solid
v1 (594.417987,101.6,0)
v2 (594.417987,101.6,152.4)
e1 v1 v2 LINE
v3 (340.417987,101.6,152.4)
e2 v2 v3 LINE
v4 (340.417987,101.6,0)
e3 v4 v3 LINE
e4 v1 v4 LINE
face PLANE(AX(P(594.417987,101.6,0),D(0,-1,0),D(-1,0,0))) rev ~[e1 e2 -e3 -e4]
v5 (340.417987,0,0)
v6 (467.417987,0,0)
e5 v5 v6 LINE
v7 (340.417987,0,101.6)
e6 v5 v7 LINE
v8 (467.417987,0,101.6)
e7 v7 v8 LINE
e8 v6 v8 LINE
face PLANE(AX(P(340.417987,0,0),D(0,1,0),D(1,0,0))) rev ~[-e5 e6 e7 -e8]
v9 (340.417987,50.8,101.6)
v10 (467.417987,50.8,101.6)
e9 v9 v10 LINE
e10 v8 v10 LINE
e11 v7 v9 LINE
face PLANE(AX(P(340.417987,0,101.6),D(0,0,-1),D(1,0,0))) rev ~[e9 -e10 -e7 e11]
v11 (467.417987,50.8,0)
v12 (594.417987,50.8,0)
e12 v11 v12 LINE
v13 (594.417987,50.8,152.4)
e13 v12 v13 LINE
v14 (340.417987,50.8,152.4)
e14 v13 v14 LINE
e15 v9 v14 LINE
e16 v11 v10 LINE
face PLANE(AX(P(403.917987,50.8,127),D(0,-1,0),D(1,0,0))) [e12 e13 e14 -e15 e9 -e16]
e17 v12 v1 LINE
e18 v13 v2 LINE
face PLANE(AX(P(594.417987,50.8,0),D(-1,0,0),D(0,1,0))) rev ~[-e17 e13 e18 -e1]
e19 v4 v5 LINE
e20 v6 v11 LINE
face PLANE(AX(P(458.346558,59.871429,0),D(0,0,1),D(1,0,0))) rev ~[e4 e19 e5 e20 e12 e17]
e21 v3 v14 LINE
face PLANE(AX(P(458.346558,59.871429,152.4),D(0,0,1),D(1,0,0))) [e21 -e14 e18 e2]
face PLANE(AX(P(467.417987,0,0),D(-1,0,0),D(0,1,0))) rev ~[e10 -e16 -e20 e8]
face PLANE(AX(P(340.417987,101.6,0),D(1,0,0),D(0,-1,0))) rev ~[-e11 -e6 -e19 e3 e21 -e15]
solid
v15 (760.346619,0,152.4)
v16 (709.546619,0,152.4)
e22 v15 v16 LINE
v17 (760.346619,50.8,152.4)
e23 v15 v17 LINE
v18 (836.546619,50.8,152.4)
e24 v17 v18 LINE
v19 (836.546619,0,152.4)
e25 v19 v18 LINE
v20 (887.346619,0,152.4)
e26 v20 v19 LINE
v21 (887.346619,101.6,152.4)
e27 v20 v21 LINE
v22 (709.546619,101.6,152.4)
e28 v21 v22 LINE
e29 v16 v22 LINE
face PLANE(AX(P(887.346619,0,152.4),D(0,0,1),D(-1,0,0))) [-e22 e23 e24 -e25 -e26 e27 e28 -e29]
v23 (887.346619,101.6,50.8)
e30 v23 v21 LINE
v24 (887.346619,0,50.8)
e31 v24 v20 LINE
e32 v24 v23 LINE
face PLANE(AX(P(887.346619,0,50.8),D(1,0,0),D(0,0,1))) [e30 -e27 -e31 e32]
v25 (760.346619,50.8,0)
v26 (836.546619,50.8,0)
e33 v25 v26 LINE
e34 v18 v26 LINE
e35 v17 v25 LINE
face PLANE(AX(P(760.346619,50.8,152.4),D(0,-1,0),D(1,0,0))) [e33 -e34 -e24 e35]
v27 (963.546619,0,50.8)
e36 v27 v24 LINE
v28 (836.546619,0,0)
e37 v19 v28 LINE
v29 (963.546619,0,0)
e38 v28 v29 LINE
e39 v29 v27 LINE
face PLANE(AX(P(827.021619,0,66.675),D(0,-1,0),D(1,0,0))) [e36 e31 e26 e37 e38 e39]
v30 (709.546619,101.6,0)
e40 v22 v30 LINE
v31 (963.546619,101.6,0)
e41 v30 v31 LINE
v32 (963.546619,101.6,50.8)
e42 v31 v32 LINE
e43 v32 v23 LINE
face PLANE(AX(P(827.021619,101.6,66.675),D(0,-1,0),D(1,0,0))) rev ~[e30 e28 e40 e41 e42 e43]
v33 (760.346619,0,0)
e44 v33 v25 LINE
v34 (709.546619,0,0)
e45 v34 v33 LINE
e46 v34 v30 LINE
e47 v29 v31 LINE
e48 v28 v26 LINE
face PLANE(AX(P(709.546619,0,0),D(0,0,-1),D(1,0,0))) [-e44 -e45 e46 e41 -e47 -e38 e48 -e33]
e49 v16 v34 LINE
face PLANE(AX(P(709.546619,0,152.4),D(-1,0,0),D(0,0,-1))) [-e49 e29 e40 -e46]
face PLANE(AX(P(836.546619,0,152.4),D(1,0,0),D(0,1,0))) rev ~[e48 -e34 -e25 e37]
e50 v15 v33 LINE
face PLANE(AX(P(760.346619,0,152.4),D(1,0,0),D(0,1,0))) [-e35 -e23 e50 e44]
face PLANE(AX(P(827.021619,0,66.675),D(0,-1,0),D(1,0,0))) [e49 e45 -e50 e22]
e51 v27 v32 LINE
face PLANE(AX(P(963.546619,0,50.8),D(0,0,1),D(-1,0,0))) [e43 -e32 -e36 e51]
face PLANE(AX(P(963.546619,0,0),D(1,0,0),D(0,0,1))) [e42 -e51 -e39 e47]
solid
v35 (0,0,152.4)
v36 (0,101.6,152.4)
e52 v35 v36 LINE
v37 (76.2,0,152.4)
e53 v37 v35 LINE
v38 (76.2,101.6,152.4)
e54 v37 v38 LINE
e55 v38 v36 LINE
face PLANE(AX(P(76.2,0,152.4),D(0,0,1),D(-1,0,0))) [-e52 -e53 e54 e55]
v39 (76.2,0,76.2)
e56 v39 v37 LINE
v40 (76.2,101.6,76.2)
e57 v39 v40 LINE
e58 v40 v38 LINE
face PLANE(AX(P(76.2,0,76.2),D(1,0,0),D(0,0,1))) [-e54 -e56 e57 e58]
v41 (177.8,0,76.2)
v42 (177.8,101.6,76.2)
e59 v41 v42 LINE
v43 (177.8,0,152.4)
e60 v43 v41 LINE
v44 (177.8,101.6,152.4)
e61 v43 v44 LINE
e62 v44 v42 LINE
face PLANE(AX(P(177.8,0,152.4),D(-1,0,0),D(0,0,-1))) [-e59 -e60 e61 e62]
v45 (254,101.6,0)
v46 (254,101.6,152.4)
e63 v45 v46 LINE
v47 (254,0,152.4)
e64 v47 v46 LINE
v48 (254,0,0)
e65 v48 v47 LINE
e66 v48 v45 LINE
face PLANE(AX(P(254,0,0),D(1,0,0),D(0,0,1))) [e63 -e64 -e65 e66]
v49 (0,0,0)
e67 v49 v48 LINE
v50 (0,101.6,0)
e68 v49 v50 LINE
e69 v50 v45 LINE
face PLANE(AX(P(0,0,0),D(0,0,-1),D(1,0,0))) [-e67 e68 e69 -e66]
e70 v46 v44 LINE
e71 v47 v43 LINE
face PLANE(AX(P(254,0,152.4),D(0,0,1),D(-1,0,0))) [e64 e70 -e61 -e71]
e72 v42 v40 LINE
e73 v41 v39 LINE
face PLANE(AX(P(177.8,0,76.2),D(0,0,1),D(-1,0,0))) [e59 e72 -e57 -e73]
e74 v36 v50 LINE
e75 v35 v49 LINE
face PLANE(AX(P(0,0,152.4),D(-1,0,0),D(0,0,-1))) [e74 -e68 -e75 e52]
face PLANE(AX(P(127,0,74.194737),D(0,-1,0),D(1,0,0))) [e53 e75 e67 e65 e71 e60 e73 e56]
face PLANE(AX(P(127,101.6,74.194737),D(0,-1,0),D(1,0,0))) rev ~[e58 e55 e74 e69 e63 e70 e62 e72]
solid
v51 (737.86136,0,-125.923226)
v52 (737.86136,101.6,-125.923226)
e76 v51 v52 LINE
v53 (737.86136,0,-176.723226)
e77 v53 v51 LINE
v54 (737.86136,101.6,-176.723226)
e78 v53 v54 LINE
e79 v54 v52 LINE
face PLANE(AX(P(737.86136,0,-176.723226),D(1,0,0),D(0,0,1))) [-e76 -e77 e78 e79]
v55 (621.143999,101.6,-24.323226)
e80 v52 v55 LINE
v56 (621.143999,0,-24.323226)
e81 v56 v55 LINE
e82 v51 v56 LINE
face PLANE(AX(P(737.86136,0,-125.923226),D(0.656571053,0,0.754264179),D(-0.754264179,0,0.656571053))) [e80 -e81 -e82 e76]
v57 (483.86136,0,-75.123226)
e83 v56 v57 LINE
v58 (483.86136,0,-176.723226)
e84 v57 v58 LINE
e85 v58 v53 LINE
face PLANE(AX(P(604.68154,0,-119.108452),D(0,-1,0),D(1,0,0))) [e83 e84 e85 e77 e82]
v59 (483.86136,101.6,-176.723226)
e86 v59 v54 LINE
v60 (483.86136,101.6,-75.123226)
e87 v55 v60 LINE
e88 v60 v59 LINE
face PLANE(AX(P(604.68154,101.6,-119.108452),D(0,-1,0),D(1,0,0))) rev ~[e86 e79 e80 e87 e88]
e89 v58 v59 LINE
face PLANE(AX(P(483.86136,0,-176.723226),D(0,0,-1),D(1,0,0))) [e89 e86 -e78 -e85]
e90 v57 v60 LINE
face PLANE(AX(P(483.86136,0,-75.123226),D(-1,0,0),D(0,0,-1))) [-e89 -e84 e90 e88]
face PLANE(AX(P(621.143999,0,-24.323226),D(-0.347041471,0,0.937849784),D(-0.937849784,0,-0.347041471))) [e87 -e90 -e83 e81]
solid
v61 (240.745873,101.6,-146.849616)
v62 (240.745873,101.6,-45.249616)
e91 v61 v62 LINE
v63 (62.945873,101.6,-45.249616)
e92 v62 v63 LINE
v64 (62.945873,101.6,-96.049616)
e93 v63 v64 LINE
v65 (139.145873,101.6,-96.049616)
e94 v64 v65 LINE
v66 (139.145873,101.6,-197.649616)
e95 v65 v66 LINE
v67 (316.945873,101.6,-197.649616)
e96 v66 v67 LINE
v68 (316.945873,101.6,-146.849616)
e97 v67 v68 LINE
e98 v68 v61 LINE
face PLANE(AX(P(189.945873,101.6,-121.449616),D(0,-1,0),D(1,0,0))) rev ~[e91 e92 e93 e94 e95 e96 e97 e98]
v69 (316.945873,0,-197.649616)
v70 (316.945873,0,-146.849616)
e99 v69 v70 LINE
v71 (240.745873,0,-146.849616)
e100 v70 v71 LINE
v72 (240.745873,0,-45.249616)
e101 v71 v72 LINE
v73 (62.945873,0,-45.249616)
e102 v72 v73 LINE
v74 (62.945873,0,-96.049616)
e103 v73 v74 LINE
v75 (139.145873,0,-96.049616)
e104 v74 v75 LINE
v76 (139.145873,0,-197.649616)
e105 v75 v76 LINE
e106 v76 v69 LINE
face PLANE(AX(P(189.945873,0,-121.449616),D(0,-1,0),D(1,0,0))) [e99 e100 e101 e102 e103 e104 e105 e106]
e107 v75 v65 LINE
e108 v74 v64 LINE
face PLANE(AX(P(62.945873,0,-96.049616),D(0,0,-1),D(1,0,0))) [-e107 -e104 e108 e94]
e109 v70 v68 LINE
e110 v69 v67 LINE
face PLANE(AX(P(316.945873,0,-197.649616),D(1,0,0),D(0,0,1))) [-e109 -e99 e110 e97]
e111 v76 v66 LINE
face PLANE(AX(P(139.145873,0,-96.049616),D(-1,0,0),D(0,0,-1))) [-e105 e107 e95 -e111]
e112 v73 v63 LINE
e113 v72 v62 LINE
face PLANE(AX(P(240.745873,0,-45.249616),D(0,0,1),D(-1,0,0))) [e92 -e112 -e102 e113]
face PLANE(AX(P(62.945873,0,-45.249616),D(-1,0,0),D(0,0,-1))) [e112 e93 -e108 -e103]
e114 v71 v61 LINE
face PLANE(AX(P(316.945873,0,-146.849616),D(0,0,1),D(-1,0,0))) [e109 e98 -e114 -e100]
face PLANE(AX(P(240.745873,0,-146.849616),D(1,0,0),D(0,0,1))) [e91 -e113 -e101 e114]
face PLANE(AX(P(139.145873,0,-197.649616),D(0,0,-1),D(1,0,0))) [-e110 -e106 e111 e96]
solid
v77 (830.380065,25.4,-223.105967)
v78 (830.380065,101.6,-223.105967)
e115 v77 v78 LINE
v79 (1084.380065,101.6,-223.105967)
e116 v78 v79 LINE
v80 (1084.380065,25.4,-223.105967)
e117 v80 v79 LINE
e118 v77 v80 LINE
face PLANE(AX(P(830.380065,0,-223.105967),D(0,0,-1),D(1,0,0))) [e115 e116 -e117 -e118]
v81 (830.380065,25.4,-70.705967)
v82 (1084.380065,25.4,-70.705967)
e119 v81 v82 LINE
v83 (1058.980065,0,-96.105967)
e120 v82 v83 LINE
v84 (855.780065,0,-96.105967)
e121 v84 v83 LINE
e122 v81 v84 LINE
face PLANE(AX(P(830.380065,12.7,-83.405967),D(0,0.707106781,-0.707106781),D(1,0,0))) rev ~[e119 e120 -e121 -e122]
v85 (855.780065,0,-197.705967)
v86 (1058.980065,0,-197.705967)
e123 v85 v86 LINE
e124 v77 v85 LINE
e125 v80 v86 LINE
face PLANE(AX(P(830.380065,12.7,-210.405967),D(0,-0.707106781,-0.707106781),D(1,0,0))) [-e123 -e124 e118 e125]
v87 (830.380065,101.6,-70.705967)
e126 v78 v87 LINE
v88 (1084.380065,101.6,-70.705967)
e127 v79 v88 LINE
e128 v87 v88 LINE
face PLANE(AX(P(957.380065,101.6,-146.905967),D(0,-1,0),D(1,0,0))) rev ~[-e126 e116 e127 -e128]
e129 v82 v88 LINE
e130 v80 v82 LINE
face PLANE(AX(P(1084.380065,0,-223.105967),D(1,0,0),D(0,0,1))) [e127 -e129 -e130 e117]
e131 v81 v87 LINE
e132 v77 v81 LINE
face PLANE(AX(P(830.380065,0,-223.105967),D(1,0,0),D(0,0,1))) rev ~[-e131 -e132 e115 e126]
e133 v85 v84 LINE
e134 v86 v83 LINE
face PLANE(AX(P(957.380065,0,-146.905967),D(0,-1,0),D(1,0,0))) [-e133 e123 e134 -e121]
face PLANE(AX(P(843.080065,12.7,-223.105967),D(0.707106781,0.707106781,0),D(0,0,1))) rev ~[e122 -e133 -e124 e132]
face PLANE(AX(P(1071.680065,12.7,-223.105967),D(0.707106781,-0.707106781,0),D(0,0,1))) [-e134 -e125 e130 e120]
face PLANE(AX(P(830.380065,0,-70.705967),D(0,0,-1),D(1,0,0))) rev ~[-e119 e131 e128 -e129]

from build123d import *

# Parameters (mm, degrees)
F1_DEPTH  = 101.6
F3_DEPTH  = 152.4
F4_W      = 127
F4_H      = 50.8
F5_DEPTH  = 50.8
F7_DEPTH  = 101.6
F8_W      = 76.2
F8_H      = 50.8
F9_DEPTH  = 152.4
F11_DEPTH = 101.6
F13_DEPTH = 101.6
F14_W     = 254
F14_H     = 152.4
F15_DEPTH = 101.6
F16_SIZE  = 25.4


with BuildPart() as f1:
    # F0 (on Front) → F1 (new body)
    with BuildSketch(Plane.XZ):
        Polygon((0, 152.4), (0, 0), (254, 0), (254, 152.4), (177.8, 152.4), (177.8, 76.2), (76.2, 76.2), (76.2, 152.4), align=None)
    extrude(amount=-F1_DEPTH)


with BuildPart() as f3:
    # F2 (on Top) → F3 (new body)
    with BuildSketch(Plane.XY):
        Polygon((340.417987, 101.6), (340.417987, 0), (467.417987, 0), (467.417987, 50.8), (594.417987, 50.8), (594.417987, 101.6), align=None)
    extrude(amount=F3_DEPTH)

    # F4 (on face) → F5 (cut)
    with BuildSketch(Plane.XZ):
        with Locations((403.917987, 127)):
            Rectangle(F4_W, F4_H)
    extrude(amount=-F5_DEPTH, mode=Mode.SUBTRACT)


with BuildPart() as f7:
    # F6 (on Front) → F7 (new body)
    with BuildSketch(Plane.XZ):
        Polygon((887.346619, 152.4), (709.546619, 152.4), (709.546619, 0), (963.546619, 0), (963.546619, 50.8), (887.346619, 50.8), align=None)
    extrude(amount=-F7_DEPTH)

    # F8 (on face) → F9 (cut)
    with BuildSketch(Plane.XY.offset(152.4)):
        with Locations((798.446619, 25.4)):
            Rectangle(F8_W, F8_H)
    extrude(amount=-F9_DEPTH, mode=Mode.SUBTRACT)


with BuildPart() as f11:
    # F10 (on Front) → F11 (new body)
    with BuildSketch(Plane.XZ):
        Polygon((240.745873, -45.249616), (62.945873, -45.249616), (62.945873, -96.049616), (139.145873, -96.049616), (139.145873, -197.649616), (316.945873, -197.649616), (316.945873, -146.849616), (240.745873, -146.849616), align=None)
    extrude(amount=-F11_DEPTH)


with BuildPart() as f13:
    # F12 (on Front) → F13 (new body)
    with BuildSketch(Plane.XZ):
        Polygon((483.86136, -75.123226), (483.86136, -176.723226), (737.86136, -176.723226), (737.86136, -125.923226), (621.143999, -24.323226), align=None)
    extrude(amount=-F13_DEPTH)


with BuildPart() as f15:
    # F14 (on Front) → F15 (new body)
    with BuildSketch(Plane.XZ):
        with Locations((957.380065, -146.905967)):
            Rectangle(F14_W, F14_H)
    extrude(amount=-F15_DEPTH)

    # F16
    f16_edges = [f15.edges().sort_by_distance(p)[0] for p in [
        (957.380065, 0, -70.705967),
        (830.380065, 0, -146.905967),
        (957.380065, 0, -223.105967),
        (1084.380065, 0, -146.905967),
    ]]
    chamfer(f16_edges, length=F16_SIZE)


solid = Compound([f1.part, f3.part, f7.part, f11.part, f13.part, f15.part])
